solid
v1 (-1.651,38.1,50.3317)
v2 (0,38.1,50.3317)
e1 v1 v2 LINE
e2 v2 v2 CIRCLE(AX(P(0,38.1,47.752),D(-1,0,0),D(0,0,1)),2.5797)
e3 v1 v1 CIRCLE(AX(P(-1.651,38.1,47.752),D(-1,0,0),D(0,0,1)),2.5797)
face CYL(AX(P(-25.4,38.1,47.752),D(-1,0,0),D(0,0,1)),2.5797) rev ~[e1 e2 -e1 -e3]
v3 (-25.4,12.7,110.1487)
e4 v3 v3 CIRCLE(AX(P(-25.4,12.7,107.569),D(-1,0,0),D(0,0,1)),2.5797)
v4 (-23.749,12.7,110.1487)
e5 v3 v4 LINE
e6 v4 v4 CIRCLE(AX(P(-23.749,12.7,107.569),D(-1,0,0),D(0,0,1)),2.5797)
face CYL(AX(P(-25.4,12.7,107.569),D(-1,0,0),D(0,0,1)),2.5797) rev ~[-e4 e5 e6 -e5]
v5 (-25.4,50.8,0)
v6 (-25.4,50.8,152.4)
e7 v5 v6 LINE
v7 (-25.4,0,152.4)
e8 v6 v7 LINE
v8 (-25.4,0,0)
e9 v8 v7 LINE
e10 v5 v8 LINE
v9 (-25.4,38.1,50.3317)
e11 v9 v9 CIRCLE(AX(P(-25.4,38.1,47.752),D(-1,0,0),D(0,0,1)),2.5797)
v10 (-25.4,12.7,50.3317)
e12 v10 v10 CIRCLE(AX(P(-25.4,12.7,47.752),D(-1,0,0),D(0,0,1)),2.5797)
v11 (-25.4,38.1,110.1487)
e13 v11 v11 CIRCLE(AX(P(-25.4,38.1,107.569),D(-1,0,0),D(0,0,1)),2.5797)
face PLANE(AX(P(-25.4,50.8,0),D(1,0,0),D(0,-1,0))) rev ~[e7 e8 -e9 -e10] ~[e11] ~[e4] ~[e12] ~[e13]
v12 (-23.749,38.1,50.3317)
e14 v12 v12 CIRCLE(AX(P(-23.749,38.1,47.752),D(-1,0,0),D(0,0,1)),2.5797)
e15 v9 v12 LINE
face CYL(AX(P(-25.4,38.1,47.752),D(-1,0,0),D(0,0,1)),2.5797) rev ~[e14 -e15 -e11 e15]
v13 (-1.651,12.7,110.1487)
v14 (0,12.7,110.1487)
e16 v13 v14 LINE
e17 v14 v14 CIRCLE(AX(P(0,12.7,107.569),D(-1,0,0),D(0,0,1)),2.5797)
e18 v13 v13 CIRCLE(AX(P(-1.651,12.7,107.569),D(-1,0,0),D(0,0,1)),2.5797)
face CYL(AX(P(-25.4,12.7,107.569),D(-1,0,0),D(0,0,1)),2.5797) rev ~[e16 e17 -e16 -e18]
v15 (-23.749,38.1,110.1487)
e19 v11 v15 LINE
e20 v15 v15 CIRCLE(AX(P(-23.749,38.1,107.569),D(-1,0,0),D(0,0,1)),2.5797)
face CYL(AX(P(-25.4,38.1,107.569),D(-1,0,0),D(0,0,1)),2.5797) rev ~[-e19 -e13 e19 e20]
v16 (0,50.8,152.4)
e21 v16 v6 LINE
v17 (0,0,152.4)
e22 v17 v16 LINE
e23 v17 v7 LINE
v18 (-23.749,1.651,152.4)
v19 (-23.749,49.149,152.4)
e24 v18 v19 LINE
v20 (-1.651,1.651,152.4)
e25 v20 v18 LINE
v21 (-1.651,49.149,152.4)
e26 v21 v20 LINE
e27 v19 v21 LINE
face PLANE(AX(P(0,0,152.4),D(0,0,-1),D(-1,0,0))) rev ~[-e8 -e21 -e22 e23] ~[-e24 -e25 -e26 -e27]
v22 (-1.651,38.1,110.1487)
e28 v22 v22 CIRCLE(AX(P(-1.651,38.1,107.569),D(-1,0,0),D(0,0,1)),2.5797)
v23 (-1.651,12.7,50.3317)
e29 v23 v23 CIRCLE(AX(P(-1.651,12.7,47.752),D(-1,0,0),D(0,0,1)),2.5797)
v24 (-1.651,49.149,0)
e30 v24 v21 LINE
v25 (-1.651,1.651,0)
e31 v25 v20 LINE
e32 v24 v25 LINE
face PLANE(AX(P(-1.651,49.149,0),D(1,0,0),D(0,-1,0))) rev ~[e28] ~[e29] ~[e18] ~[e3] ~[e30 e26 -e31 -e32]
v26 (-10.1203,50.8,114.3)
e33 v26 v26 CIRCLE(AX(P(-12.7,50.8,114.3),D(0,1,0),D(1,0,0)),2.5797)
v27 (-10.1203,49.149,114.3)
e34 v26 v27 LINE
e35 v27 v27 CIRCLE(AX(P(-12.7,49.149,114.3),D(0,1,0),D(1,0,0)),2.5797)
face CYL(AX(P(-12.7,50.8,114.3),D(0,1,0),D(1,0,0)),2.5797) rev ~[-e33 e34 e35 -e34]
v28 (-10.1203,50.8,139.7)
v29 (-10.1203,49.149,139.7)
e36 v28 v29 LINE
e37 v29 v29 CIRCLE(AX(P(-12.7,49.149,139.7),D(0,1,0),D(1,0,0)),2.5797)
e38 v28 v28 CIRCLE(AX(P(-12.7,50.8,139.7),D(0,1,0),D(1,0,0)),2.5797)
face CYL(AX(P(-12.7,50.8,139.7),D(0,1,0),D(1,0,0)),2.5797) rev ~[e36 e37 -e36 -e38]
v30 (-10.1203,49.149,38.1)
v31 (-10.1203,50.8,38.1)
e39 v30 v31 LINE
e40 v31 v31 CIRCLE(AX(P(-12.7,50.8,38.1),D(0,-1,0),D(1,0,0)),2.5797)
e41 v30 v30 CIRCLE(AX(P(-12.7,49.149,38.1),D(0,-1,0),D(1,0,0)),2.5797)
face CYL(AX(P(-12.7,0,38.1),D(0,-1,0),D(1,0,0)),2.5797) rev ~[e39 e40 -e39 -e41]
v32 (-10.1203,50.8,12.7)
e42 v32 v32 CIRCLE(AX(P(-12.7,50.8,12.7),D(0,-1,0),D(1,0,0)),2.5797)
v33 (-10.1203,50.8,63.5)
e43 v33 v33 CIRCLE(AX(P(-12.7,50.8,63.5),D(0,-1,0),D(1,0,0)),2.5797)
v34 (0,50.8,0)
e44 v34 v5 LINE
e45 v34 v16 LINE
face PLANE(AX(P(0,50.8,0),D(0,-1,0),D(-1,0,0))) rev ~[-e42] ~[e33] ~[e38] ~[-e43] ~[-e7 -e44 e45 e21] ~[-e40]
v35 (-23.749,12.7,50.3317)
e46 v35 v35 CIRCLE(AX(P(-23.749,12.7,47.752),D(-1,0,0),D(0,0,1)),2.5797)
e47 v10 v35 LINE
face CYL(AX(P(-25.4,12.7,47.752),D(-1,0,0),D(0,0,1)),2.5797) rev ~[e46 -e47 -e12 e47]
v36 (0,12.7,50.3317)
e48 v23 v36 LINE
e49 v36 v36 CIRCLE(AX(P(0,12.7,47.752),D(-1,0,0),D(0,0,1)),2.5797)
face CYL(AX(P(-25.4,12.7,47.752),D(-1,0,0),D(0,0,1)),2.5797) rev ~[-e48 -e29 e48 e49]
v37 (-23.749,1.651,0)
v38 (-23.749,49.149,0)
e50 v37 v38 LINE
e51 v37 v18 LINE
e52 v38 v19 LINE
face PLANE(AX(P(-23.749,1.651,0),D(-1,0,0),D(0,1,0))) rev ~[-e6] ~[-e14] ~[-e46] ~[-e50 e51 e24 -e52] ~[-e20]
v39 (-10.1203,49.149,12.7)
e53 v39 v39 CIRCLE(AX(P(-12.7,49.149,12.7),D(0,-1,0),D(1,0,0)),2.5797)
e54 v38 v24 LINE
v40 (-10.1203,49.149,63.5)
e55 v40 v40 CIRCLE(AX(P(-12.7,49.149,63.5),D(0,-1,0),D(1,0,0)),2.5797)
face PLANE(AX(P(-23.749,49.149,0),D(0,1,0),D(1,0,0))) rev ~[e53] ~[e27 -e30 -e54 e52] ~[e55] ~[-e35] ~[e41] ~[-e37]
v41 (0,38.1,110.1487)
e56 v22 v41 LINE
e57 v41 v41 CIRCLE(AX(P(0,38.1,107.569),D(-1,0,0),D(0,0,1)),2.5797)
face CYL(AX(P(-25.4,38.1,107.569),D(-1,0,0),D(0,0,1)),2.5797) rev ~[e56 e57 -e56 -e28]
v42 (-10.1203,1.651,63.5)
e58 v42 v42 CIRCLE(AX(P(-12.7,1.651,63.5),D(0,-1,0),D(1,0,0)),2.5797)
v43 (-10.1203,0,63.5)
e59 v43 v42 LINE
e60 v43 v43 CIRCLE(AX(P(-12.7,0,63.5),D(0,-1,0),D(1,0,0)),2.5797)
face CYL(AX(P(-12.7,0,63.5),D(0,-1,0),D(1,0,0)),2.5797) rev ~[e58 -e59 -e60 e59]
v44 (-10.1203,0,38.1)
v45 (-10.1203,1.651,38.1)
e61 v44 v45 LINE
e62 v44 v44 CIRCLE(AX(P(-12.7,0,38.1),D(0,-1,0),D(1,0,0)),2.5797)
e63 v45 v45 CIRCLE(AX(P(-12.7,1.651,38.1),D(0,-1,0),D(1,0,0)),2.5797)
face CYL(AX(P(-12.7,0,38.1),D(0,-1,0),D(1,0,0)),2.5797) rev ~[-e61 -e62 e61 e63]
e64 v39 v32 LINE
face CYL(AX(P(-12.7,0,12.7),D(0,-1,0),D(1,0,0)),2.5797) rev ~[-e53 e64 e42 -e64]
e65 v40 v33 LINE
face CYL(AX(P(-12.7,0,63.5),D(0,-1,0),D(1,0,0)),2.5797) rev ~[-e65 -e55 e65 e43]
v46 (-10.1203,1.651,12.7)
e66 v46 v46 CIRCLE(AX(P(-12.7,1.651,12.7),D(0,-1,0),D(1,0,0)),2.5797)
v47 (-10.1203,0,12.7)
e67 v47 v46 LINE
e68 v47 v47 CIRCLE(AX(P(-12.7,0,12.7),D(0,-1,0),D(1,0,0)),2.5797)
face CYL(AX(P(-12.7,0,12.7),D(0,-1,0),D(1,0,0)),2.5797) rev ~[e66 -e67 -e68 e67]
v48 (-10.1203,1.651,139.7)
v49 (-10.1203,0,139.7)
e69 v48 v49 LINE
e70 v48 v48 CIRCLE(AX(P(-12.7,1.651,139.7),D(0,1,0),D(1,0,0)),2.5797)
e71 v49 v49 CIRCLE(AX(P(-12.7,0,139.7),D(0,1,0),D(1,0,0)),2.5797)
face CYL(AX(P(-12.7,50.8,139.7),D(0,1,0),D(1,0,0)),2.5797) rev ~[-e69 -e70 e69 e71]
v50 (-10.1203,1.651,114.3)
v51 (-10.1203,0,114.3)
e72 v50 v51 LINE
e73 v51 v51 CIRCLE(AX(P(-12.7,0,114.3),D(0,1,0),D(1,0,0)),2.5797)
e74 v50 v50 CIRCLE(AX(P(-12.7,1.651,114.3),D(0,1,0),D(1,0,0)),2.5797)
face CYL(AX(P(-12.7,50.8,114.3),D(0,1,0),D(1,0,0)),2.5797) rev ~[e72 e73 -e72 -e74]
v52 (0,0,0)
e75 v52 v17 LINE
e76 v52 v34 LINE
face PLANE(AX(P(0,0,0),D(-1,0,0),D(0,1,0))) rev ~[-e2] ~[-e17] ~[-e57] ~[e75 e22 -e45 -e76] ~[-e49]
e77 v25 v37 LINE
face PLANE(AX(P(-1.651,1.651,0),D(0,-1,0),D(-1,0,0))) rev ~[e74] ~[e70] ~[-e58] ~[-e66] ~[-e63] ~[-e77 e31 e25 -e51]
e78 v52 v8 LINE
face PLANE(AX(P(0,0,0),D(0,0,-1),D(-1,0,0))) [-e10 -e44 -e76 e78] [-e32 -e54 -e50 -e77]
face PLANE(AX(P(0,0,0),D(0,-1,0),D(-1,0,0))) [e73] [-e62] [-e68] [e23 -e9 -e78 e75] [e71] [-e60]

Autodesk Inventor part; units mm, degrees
ref_plane "YZ Plane" through (0, 0, 0) normal (1, 0, 0) x (0, 1, 0)
ref_plane "XZ Plane" through (0, 0, 0) normal (0, 1, 0) x (-1, 0, 0)
ref_plane "XY Plane" through (0, 0, 0) normal (0, 0, 1) x (1, 0, 0)
ref_plane "Work Plane1" through (0, 0, 0) normal (0, 0, -1) x (-1, 0, 0)
sketch "Sketch20" plane through (0, 0, 0) normal (0, 0, -1) x (-1, 0, 0)
  line L0 (0, 0) -> (25.4, 0)
  line L1 (25.4, 0) -> (0, 0)
  line L2 (0, 0) -> (0, 50.8)
  line L3 (0, 50.8) -> (25.4, 50.8)
  line L4 (25.4, 50.8) -> (25.4, 0)
  line L5 (23.749, 49.149) -> (1.651, 49.149)
  line L6 (1.651, 49.149) -> (1.651, 1.651)
  line L7 (1.651, 1.651) -> (23.749, 1.651)
  line L8 (23.749, 1.651) -> (23.749, 49.149)
  line L9 (0, 0) -> (0, 50.8) projected
  dimension "d71" = 25.4
  dimension "d72" = 50.8
  dimension "d73" = 1.651
  dimension "d74" = 1.651
  dimension "d75" = 1.651
  dimension "d76" = 1.651
  dimension "d78" = 0
extrude "Extrusion16" add sketch "Sketch20" against normal blind 152.4
ref_plane "Work Plane4" through (76.2, 0, 0) normal (0, -1, 0) x (1, 0, 0)
sketch "Sketch21" plane through (76.2, 0, 0) normal (0, -1, 0) x (1, 0, 0)
  circle A0 centre (-38.1, 12.7) radius 2.5797
  circle A1 centre (-63.5, 12.7) radius 2.5797
  circle A2 centre (-88.9, 12.7) radius 2.5797
  circle A3 centre (-88.9, 38.1) radius 2.5797
  circle A4 centre (-88.9, 63.5) radius 2.5797
  line L0 (-76.2, 25.4) -> (0, 25.4) projected
  line L1 (-101.6, 0) -> (-101.6, 152.4) projected
  line L2 (-76.2, 25.4) -> (-76.2, 152.4) projected
  point P0 (-76.2, 0)
  dimension "d81" = 12.7
  dimension "d82" = 12.7
  dimension "d83" = 12.7
  dimension "d84" = 25.4
  dimension "d85" = 12.7
  dimension "d86" = 5.1594
  dimension "d87" = 5.1594
  dimension "d88" = 5.1594
  dimension "d89" = 25.4
  dimension "d90" = 25.4
  dimension "d91" = 25.4
  dimension "d92" = 5.1594
  dimension "d93" = 5.1594
  dimension "d94" = 12.7
  dimension "d95" = 12.7
extrude "Extrusion17" cut sketch "Sketch21" against normal blind 76.2
ref_plane "Work Plane3" through (-25.4, 0, 0) normal (-1, 0, 0) x (0, 0, 1)
sketch "Sketch26" plane through (-25.4, 0, 0) normal (-1, 0, 0) x (0, 0, 1)
  circle A0 centre (107.569, 38.1) radius 2.5797
  line L0 (152.4, 50.8) -> (152.4, 0) projected
  line L1 (0, 50.8) -> (152.4, 50.8) projected
  circle A1 centre (47.752, 38.1) radius 2.5797
  circle A2 centre (107.569, 12.7) radius 2.5797
  circle A3 centre (47.752, 12.7) radius 2.5797
  point P0 (0, 0)
  dimension "d122" = 5.1594
  dimension "d123" = 44.831
  dimension "d124" = 12.7
  dimension "d125" = 5.1594
  dimension "d126" = 59.817
  dimension "d129" = 25.4
  dimension "d130" = 5.1594
  dimension "d131" = 25.4
  dimension "d132" = 5.1594
  dimension "d143" = 12.7
extrude "Extrusion22" cut sketch "Sketch26" against normal blind 25.4
ref_plane "Work Plane2" through (76.2, 50.8, 25.4) normal (0, 1, 0) x (1, 0, 0)
sketch "Sketch27" plane through (76.2, 50.8, 25.4) normal (0, 1, 0) x (1, 0, 0)
  circle A0 centre (-88.9, -114.3) radius 2.5797
  circle A1 centre (-88.9, -88.9) radius 2.5797
  line L0 (-76.2, -127) -> (-101.6, -127) projected
  line L1 (-76.2, 0) -> (-76.2, -127) projected
  point P0 (-76.2, 25.4)
  dimension "d135" = 12.7
  dimension "d136" = 12.7
  dimension "d137" = 38.1
  dimension "d138" = 12.7
  dimension "d139" = 5.1594
  dimension "d140" = 5.1594
extrude "Extrusion23" cut sketch "Sketch27" against normal blind 50.8
equation "\"d74\" = d73"
equation "\"d75\" = d73"
equation "\"d76\" = d73"
equation "\"d87\" = d86"
equation "\"d88\" = d86"
equation "\"d92\" = d86"
equation "\"d93\" = d86"
equation "\"d125\" = d122"
equation "\"d130\" = d122"
equation "\"d132\" = d122"
equation "\"d140\" = d139"
properties part number "left arm"
